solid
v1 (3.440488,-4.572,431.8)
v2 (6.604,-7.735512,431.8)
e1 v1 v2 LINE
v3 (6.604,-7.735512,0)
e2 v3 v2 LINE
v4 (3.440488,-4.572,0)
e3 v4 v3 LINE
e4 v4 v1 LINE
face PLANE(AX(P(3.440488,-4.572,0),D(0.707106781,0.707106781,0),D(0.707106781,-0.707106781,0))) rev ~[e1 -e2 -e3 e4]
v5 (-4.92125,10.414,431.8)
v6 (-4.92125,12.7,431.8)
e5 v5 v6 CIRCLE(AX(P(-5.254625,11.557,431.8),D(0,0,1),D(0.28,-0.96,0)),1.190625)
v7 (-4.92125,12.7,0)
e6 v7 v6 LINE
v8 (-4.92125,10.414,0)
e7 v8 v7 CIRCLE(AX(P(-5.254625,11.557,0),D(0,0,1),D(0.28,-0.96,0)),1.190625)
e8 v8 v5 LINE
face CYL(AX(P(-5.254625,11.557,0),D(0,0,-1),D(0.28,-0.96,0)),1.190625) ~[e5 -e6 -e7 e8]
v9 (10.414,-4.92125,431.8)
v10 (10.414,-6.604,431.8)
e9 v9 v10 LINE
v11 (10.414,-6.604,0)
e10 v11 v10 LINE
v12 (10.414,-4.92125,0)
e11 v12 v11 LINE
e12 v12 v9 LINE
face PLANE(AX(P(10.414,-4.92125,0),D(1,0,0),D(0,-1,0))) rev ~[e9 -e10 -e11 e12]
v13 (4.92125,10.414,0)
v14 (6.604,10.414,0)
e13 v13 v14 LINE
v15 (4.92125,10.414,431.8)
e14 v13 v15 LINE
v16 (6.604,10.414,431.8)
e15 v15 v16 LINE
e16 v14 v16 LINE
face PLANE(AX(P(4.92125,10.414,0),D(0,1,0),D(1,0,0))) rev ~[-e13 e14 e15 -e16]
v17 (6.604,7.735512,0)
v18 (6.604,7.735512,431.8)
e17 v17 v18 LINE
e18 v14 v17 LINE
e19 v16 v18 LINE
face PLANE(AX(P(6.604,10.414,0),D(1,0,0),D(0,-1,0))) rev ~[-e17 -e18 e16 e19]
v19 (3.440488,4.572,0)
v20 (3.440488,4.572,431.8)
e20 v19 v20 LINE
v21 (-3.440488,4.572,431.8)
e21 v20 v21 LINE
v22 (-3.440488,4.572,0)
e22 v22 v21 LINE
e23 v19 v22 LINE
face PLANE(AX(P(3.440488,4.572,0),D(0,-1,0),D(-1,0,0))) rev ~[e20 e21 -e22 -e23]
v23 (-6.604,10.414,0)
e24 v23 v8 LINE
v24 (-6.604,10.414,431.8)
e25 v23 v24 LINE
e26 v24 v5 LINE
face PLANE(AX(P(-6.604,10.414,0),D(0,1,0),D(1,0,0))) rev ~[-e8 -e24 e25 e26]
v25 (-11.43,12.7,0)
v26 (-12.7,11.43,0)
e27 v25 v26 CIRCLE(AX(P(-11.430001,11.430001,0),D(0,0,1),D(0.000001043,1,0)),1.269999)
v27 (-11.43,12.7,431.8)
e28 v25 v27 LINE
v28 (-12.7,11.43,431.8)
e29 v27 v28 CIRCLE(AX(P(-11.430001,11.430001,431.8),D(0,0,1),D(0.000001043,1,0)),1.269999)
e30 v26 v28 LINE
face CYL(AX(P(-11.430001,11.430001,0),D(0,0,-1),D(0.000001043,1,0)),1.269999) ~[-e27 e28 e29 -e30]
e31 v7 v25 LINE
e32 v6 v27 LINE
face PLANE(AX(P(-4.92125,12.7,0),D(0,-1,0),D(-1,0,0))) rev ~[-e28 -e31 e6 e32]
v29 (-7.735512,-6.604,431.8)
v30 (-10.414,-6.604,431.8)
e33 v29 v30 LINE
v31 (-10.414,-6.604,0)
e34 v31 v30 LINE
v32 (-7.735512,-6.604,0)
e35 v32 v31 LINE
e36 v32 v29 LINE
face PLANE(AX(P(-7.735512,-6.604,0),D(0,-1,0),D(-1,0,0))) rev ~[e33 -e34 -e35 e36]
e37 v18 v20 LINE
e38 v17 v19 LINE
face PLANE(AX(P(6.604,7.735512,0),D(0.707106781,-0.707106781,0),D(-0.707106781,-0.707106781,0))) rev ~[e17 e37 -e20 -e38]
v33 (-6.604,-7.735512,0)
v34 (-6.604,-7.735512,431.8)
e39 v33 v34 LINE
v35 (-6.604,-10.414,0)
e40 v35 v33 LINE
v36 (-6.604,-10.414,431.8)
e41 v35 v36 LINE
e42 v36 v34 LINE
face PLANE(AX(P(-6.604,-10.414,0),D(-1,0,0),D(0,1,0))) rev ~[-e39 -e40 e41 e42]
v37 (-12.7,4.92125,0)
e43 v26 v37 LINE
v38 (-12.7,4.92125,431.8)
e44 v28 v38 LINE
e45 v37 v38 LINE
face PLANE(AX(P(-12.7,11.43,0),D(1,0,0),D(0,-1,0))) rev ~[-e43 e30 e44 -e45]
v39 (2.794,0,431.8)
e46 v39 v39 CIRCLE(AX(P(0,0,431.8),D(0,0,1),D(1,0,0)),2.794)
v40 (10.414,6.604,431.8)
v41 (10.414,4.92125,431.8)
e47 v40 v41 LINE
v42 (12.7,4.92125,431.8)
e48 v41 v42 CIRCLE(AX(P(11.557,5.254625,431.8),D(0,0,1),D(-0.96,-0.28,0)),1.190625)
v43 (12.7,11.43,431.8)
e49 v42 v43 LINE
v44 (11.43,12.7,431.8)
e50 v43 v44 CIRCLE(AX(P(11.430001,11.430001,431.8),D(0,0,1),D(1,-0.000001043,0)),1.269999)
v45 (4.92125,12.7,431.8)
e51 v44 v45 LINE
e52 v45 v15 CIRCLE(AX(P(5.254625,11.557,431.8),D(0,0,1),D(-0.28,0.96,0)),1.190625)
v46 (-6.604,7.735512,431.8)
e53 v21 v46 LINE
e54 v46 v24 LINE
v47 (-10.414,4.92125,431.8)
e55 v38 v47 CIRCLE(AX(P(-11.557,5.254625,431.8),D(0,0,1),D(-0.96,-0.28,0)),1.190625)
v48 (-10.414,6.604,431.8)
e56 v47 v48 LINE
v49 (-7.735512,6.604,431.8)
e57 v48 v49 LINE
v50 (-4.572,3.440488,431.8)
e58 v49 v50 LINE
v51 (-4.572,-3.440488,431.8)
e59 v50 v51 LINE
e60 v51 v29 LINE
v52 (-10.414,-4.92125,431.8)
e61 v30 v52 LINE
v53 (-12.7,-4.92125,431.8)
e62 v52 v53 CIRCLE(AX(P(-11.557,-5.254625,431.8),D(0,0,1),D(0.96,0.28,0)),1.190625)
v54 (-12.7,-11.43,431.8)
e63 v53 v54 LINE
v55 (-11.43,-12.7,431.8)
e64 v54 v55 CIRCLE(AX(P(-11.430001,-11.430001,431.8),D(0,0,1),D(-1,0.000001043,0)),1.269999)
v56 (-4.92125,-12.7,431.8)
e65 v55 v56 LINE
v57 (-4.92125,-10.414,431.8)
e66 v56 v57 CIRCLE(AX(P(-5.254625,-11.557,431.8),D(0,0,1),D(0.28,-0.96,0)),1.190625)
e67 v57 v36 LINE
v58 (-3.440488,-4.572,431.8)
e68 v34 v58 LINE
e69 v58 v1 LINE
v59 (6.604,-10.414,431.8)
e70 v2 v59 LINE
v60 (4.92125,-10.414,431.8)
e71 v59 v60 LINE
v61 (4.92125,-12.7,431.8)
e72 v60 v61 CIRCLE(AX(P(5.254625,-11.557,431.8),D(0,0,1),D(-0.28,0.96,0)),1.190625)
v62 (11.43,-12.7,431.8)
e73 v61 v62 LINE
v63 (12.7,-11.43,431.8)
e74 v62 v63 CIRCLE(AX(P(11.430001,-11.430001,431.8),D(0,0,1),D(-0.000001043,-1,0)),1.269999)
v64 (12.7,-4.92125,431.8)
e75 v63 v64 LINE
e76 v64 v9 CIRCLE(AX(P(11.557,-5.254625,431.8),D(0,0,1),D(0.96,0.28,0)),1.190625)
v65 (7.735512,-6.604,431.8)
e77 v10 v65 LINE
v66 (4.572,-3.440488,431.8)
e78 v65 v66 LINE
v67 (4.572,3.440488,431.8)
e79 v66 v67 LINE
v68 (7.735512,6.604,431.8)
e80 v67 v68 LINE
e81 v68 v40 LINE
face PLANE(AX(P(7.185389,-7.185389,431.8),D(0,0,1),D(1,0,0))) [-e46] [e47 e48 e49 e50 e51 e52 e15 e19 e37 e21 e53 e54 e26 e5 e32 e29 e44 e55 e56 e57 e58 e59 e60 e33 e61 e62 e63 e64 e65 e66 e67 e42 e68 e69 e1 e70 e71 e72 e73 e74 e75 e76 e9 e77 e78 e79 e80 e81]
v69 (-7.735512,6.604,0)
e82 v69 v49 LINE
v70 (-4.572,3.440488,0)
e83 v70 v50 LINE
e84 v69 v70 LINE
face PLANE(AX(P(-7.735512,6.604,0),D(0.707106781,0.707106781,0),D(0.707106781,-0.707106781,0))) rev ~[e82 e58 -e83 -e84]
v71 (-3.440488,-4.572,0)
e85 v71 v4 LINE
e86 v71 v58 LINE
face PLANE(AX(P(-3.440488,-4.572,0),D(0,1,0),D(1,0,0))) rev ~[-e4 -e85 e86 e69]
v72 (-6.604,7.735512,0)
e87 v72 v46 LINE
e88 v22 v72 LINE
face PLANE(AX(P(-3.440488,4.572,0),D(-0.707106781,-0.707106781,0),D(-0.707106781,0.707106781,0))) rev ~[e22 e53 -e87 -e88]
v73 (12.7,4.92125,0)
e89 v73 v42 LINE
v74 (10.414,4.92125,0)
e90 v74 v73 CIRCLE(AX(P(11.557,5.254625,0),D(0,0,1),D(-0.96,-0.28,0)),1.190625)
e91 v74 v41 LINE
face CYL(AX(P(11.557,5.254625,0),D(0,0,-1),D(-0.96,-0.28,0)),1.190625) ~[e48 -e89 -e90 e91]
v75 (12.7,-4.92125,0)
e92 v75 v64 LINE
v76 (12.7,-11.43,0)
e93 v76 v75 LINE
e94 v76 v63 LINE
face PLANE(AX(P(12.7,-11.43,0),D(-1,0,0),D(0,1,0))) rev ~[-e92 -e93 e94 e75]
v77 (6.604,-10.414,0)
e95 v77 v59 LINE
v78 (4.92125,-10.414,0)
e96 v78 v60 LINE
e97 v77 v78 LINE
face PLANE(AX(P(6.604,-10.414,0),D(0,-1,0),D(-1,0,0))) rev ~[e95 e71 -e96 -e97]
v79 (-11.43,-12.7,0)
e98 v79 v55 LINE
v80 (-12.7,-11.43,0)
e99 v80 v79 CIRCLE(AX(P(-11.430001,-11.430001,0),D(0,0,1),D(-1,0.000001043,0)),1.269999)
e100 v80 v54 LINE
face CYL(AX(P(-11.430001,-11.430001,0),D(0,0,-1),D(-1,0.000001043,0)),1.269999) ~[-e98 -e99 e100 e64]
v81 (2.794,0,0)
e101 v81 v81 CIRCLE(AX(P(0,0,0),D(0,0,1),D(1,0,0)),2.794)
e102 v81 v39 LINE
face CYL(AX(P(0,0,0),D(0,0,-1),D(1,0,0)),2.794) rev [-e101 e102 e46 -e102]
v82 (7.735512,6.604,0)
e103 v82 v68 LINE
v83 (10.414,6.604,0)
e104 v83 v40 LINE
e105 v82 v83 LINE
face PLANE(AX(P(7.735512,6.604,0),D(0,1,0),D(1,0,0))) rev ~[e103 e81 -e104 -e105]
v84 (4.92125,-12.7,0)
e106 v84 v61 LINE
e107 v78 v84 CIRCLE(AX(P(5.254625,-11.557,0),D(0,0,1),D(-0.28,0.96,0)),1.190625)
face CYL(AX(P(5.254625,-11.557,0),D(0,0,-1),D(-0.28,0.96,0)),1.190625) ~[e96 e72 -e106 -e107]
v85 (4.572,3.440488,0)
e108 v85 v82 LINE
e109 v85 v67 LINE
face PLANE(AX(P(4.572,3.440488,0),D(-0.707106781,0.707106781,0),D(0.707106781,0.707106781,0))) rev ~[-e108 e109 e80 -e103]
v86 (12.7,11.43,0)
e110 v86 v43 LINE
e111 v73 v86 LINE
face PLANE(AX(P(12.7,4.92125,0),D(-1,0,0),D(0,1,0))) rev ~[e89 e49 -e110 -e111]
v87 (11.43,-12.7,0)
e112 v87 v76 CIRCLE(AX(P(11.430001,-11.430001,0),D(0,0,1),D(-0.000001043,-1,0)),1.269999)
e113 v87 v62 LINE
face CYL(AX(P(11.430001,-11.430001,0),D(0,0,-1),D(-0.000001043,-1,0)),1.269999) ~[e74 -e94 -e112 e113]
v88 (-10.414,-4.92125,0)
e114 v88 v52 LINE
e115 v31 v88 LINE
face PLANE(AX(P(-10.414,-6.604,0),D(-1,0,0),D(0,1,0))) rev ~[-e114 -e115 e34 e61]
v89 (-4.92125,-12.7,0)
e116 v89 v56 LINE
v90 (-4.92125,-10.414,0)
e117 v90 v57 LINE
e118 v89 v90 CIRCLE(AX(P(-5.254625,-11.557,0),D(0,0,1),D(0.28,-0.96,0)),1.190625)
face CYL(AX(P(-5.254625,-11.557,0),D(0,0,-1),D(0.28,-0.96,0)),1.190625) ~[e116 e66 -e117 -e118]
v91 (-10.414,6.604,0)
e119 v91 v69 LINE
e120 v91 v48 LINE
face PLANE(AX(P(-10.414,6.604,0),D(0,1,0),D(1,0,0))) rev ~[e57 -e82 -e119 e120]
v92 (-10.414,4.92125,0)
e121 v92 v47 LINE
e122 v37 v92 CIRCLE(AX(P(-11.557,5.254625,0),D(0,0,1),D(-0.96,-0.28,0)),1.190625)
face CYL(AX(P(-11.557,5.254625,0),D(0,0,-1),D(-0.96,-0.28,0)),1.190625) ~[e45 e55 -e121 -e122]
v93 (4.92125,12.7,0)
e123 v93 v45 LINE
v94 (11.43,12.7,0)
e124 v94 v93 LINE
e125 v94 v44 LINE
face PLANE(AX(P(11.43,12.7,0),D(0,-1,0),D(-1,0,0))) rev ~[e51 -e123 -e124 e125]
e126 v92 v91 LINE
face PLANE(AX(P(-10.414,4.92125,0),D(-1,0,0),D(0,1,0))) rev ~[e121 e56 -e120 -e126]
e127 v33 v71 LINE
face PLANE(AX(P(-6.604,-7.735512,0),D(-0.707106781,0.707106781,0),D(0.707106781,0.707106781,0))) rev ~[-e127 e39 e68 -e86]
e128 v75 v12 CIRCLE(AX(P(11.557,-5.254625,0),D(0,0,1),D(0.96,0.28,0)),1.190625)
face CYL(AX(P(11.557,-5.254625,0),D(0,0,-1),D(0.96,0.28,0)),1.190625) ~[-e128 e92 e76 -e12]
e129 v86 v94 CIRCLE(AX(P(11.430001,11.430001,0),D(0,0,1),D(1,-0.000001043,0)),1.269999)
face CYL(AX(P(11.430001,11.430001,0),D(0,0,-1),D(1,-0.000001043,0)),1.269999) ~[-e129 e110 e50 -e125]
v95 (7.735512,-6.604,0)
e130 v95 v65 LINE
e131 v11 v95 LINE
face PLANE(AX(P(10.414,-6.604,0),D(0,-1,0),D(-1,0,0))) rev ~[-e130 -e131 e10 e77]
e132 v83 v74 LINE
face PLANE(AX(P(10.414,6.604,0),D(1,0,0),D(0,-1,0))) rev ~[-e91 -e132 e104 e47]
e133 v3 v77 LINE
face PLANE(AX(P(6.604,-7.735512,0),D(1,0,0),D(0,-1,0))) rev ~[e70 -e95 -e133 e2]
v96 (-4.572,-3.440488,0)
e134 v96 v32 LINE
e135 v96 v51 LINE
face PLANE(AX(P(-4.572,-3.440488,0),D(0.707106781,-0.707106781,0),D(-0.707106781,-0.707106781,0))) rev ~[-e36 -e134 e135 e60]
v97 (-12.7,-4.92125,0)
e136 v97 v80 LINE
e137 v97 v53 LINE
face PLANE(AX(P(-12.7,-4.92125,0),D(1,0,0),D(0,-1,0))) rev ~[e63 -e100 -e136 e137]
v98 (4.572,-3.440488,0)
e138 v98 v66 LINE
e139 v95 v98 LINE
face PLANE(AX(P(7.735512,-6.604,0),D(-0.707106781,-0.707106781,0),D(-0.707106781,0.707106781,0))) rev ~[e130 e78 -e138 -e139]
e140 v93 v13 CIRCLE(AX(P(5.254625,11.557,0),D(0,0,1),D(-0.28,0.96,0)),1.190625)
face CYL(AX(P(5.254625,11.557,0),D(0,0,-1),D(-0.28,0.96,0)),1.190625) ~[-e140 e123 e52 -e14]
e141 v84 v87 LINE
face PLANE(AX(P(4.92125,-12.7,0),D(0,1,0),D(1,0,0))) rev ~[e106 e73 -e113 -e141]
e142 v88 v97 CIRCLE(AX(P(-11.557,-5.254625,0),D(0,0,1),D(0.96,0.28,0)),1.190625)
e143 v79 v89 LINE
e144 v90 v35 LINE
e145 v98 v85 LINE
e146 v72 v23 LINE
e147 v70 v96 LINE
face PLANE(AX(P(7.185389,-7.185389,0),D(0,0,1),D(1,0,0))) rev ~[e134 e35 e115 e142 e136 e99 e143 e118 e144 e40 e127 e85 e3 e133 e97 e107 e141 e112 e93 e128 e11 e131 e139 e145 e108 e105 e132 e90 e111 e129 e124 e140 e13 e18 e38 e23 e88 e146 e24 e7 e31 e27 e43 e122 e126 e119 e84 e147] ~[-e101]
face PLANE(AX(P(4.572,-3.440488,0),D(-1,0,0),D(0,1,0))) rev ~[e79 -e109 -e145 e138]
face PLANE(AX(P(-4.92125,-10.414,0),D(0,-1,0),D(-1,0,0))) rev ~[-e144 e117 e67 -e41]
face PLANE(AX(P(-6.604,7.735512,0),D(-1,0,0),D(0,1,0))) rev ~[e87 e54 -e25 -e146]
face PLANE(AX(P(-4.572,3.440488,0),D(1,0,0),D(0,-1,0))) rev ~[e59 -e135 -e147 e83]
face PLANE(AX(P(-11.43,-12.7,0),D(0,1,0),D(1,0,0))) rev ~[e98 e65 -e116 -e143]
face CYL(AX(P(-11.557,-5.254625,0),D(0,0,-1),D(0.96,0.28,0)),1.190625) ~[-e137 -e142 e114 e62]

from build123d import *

# Parameters (mm, degrees)
F0_R     = 2.794
F1_DEPTH = 431.8


with BuildPart() as f1:
    # F0 (on Top) → F1 (new body)
    with BuildSketch(Plane.XY):
        Polygon((4.572, -3.440488), (4.572, -4.572), (3.440488, -4.572), (6.604, -7.735512), (6.604, -10.414), (10.414, -10.414), (10.414, -6.604), (7.735512, -6.604), align=None)
        Polygon((3.440488, -4.572), (4.572, -4.572), (4.572, -3.440488), (4.572, 3.440488), (4.572, 4.572), (3.440488, 4.572), (-3.440488, 4.572), (-4.572, 4.572), (-4.572, 3.440488), (-4.572, -3.440488), (-4.572, -4.572), (-3.440488, -4.572), align=None)
        Circle(F0_R, mode=Mode.SUBTRACT)
        Polygon((-6.604, -7.735512), (-3.440488, -4.572), (-4.572, -4.572), (-4.572, -3.440488), (-7.735512, -6.604), (-10.414, -6.604), (-10.414, -10.414), (-6.604, -10.414), align=None)
        Polygon((4.572, 4.572), (4.572, 3.440488), (7.735512, 6.604), (10.414, 6.604), (10.414, 10.414), (6.604, 10.414), (6.604, 7.735512), (3.440488, 4.572), align=None)
        with BuildLine():
            Line((10.414, -10.414), (6.604, -10.414))
            Line((6.604, -10.414), (4.92125, -10.414))
            ThreePointArc((4.92125, -10.414), (4.064, -11.557), (4.92125, -12.7))
            Line((4.92125, -12.7), (10.414, -12.7))
            Line((10.414, -12.7), (10.414, -10.414))
        make_face()
        with BuildLine():
            Line((10.414, -4.92125), (10.414, -6.604))
            Line((10.414, -6.604), (10.414, -10.414))
            Line((10.414, -10.414), (12.7, -10.414))
            Line((12.7, -10.414), (12.7, -4.92125))
            ThreePointArc((12.7, -4.92125), (11.557, -4.064), (10.414, -4.92125))
        make_face()
        with BuildLine():
            Line((-4.92125, -10.414), (-6.604, -10.414))
            Line((-6.604, -10.414), (-10.414, -10.414))
            Line((-10.414, -10.414), (-10.414, -12.7))
            Line((-10.414, -12.7), (-4.92125, -12.7))
            ThreePointArc((-4.92125, -12.7), (-4.064, -11.557), (-4.92125, -10.414))
        make_face()
        with BuildLine():
            Line((12.7, -10.414), (10.414, -10.414))
            Line((10.414, -10.414), (10.414, -12.7))
            Line((10.414, -12.7), (11.43, -12.7))
            ThreePointArc((11.43, -12.7), (12.328026, -12.328026), (12.7, -11.43))
            Line((12.7, -11.43), (12.7, -10.414))
        make_face()
        with BuildLine():
            Line((10.414, 10.414), (10.414, 6.604))
            Line((10.414, 6.604), (10.414, 4.92125))
            ThreePointArc((10.414, 4.92125), (11.557, 4.064), (12.7, 4.92125))
            Line((12.7, 4.92125), (12.7, 10.414))
            Line((12.7, 10.414), (10.414, 10.414))
        make_face()
        Polygon((-7.735512, 6.604), (-4.572, 3.440488), (-4.572, 4.572), (-3.440488, 4.572), (-6.604, 7.735512), (-6.604, 10.414), (-10.414, 10.414), (-10.414, 6.604), align=None)
        with BuildLine():
            Line((-12.7, -10.414), (-10.414, -10.414))
            Line((-10.414, -10.414), (-10.414, -6.604))
            Line((-10.414, -6.604), (-10.414, -4.92125))
            ThreePointArc((-10.414, -4.92125), (-11.557, -4.064), (-12.7, -4.92125))
            Line((-12.7, -4.92125), (-12.7, -10.414))
        make_face()
        with BuildLine():
            Line((-10.414, -12.7), (-10.414, -10.414))
            Line((-10.414, -10.414), (-12.7, -10.414))
            Line((-12.7, -10.414), (-12.7, -11.43))
            ThreePointArc((-12.7, -11.43), (-12.328026, -12.328026), (-11.43, -12.7))
            Line((-11.43, -12.7), (-10.414, -12.7))
        make_face()
        with BuildLine():
            Line((10.414, 12.7), (10.414, 10.414))
            Line((10.414, 10.414), (12.7, 10.414))
            Line((12.7, 10.414), (12.7, 11.43))
            ThreePointArc((12.7, 11.43), (12.328026, 12.328026), (11.43, 12.7))
            Line((11.43, 12.7), (10.414, 12.7))
        make_face()
        with BuildLine():
            Line((6.604, 10.414), (10.414, 10.414))
            Line((10.414, 10.414), (10.414, 12.7))
            Line((10.414, 12.7), (4.92125, 12.7))
            ThreePointArc((4.92125, 12.7), (4.064, 11.557), (4.92125, 10.414))
            Line((4.92125, 10.414), (6.604, 10.414))
        make_face()
        with BuildLine():
            Line((-10.414, 4.92125), (-10.414, 6.604))
            Line((-10.414, 6.604), (-10.414, 10.414))
            Line((-10.414, 10.414), (-12.7, 10.414))
            Line((-12.7, 10.414), (-12.7, 4.92125))
            ThreePointArc((-12.7, 4.92125), (-11.557, 4.064), (-10.414, 4.92125))
        make_face()
        with BuildLine():
            Line((-10.414, 10.414), (-6.604, 10.414))
            Line((-6.604, 10.414), (-4.92125, 10.414))
            ThreePointArc((-4.92125, 10.414), (-4.064, 11.557), (-4.92125, 12.7))
            Line((-4.92125, 12.7), (-10.414, 12.7))
            Line((-10.414, 12.7), (-10.414, 10.414))
        make_face()
        with BuildLine():
            Line((-12.7, 10.414), (-10.414, 10.414))
            Line((-10.414, 10.414), (-10.414, 12.7))
            Line((-10.414, 12.7), (-11.43, 12.7))
            ThreePointArc((-11.43, 12.7), (-12.328026, 12.328026), (-12.7, 11.43))
            Line((-12.7, 11.43), (-12.7, 10.414))
        make_face()
    extrude(amount=F1_DEPTH)


solid = f1.part
